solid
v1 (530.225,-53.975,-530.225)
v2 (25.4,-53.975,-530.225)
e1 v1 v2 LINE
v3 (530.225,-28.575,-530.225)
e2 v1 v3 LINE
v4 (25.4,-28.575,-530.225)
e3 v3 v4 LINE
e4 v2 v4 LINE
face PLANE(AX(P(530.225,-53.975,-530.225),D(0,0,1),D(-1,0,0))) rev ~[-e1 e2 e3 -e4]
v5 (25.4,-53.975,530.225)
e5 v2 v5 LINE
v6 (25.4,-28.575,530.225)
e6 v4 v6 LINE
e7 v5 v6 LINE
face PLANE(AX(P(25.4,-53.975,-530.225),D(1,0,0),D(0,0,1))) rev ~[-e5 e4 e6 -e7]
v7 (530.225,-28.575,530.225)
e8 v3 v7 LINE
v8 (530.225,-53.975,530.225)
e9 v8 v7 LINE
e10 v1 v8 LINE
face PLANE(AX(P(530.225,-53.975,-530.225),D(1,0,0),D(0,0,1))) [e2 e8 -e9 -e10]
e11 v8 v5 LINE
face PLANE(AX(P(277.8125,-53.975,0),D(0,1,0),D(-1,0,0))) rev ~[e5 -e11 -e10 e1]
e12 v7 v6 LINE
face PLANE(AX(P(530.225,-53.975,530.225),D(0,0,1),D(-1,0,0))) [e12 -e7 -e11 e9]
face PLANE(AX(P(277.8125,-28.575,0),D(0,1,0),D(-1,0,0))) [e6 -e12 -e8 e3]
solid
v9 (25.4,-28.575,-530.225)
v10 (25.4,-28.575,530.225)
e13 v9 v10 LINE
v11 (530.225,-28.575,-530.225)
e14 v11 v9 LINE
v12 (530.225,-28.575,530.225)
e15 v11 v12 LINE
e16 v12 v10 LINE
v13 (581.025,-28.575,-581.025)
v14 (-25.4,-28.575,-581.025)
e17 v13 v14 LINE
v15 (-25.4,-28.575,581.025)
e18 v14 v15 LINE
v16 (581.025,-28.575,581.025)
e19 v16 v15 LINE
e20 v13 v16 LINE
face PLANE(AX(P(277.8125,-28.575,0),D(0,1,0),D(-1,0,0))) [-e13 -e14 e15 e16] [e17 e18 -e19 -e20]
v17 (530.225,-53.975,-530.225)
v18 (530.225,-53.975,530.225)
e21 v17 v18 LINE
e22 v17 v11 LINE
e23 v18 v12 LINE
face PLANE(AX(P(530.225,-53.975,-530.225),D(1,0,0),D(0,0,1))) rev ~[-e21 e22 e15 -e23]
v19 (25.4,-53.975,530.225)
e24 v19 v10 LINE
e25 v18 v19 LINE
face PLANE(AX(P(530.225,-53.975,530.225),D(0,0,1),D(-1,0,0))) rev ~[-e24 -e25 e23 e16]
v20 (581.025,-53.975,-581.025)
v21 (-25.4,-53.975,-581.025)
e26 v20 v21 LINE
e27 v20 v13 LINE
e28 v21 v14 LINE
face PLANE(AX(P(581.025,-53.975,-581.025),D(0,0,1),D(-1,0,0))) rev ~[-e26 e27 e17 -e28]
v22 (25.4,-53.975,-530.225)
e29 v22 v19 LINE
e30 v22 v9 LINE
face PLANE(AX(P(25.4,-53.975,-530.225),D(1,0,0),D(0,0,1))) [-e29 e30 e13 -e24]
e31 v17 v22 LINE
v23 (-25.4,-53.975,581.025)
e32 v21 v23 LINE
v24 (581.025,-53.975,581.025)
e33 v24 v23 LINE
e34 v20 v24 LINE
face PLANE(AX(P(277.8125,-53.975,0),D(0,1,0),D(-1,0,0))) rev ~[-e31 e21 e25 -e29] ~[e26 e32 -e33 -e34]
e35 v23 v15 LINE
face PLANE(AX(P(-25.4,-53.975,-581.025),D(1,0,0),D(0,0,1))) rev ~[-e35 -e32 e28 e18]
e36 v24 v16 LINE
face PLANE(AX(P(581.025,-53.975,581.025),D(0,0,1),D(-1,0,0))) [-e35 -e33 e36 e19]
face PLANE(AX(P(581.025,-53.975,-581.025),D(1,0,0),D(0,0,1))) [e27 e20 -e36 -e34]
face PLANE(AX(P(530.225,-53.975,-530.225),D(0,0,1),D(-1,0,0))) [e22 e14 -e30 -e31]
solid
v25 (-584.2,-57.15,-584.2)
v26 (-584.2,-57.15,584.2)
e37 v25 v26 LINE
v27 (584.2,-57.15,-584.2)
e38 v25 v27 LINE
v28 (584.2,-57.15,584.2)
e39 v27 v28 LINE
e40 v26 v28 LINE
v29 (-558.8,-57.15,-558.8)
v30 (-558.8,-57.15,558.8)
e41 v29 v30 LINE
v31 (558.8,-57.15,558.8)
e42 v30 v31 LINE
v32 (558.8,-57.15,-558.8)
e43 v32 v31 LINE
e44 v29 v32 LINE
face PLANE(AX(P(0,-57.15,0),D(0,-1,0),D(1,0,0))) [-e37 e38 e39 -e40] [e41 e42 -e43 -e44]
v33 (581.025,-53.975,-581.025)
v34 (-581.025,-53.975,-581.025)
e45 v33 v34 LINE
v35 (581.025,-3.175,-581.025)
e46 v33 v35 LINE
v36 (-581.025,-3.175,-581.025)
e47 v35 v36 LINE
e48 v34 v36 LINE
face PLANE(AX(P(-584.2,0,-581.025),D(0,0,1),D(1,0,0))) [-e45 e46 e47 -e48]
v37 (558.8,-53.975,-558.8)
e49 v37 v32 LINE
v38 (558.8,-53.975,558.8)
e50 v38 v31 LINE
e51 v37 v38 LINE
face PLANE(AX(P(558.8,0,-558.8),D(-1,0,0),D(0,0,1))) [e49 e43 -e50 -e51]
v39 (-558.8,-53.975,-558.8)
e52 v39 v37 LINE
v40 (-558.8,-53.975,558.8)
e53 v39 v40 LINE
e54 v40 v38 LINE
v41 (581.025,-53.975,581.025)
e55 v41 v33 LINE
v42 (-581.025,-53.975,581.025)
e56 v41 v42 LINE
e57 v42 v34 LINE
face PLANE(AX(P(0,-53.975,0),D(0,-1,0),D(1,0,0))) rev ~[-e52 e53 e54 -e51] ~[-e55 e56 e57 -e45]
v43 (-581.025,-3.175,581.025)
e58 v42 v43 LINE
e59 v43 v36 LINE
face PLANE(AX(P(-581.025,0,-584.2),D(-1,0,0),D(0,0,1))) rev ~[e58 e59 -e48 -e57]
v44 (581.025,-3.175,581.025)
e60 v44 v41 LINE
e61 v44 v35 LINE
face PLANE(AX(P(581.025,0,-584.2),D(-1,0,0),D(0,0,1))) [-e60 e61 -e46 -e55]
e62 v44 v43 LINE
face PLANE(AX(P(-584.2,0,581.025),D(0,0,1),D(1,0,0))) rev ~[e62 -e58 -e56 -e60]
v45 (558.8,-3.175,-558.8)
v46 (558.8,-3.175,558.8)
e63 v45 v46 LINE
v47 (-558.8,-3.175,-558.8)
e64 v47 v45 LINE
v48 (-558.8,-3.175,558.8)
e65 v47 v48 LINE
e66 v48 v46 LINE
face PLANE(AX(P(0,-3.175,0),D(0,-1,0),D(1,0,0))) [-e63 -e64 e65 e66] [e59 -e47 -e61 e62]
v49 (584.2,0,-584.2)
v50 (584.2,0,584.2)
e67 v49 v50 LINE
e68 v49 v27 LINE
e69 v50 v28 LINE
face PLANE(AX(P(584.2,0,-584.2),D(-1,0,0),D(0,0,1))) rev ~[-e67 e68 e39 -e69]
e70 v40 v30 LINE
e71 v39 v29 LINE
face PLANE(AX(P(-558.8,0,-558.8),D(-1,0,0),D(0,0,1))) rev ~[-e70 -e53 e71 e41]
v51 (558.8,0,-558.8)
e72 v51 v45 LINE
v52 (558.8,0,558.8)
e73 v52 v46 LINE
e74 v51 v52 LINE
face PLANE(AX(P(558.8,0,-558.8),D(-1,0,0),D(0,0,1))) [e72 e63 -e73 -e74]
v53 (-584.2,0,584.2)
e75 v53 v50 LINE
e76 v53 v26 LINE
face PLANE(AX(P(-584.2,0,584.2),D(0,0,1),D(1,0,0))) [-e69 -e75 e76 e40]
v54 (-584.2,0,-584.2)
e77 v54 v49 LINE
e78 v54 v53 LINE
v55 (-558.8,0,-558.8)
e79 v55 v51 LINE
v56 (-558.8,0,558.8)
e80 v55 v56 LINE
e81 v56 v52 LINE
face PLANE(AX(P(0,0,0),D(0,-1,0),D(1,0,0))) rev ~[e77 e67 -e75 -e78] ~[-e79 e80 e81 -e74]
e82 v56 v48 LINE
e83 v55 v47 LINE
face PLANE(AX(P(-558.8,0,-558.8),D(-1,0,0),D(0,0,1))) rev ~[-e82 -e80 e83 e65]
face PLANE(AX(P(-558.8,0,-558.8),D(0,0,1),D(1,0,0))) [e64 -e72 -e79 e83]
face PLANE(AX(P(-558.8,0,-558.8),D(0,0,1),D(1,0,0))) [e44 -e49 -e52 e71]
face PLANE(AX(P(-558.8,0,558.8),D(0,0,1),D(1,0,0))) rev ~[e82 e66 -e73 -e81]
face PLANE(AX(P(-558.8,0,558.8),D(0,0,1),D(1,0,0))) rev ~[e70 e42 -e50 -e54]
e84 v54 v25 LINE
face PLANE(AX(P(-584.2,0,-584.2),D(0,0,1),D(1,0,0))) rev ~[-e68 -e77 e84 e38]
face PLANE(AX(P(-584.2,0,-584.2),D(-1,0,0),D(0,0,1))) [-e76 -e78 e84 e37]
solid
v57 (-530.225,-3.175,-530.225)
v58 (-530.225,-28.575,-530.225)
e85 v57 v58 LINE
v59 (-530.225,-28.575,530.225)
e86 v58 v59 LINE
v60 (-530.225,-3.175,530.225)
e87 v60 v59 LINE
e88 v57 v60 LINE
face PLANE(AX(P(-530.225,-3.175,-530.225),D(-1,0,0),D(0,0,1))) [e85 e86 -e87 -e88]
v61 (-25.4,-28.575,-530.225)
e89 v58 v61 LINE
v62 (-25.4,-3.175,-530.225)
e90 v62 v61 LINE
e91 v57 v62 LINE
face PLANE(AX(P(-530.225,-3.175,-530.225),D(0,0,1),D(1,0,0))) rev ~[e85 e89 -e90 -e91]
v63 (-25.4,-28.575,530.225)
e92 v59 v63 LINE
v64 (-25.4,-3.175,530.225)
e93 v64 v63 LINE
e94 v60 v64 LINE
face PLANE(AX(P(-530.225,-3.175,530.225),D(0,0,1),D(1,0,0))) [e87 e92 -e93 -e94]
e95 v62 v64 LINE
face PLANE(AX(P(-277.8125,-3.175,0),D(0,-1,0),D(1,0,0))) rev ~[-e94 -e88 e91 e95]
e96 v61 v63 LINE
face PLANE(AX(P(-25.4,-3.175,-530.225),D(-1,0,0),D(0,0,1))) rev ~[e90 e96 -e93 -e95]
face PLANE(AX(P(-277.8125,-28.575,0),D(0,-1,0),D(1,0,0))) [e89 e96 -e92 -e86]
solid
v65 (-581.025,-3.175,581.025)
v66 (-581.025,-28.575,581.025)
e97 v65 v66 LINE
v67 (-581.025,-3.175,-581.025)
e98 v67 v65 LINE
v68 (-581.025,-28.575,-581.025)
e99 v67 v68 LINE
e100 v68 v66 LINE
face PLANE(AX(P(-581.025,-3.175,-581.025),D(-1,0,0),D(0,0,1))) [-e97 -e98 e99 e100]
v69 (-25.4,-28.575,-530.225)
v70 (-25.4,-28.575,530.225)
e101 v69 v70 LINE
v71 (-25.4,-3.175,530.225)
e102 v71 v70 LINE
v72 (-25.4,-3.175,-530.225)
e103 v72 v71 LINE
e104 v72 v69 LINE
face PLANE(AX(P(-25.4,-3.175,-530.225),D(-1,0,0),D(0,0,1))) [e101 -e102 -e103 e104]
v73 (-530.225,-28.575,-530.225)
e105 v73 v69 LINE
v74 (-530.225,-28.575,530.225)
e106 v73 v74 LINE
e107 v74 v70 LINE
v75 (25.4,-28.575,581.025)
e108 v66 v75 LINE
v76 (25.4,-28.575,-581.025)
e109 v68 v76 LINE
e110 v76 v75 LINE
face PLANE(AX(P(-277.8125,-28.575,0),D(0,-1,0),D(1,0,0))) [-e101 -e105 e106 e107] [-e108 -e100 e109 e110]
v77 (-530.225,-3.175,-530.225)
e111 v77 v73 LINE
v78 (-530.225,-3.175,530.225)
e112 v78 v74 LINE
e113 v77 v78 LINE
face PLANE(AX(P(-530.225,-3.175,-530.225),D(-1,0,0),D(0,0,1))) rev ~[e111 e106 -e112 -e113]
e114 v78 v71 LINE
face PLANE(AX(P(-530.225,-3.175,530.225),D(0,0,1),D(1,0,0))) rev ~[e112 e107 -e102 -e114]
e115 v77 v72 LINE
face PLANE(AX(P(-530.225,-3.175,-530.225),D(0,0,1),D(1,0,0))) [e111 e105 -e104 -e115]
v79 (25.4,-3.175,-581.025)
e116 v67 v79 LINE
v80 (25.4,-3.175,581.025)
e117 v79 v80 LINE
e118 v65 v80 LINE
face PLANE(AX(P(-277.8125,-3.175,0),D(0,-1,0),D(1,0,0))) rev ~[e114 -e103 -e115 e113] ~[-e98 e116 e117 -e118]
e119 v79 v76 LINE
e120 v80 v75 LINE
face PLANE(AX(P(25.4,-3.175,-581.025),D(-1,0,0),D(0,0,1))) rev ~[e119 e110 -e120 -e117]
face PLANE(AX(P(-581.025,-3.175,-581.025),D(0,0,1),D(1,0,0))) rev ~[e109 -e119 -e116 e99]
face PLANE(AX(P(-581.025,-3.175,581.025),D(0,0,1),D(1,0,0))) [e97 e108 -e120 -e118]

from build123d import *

# Parameters (mm, degrees)
F0_W     = 1168.4
F0_H     = 1168.4
F0_W_2   = 1117.6
F0_H_2   = 1117.6
F1_DEPTH = 57.15
F2_T     = -3.175
F3_W     = 606.425
F3_H     = 1162.05
F3_W_2   = 504.825
F3_H_2   = 1060.45
F4_DEPTH = 25.4
F5_W     = 606.425
F5_H     = 1162.05
F5_W_2   = 504.825
F5_H_2   = 1060.45
F6_DEPTH = 25.4
F7_DEPTH = 25.4
F8_DEPTH = 25.4


with BuildPart() as f1:
    # F0 (on Front) → F1 (new body)
    with BuildSketch(Plane.XZ):
        Rectangle(F0_W, F0_H)
        Rectangle(F0_W_2, F0_H_2, mode=Mode.SUBTRACT)
    extrude(amount=F1_DEPTH)

    # F2
    f2_openings = [f1.faces().sort_by_distance(p)[0] for p in [
        (558.8, -28.575, 0),
        (0, -28.575, 558.8),
        (-558.8, -28.575, 0),
        (0, -28.575, -558.8),
    ]]
    offset(amount=F2_T, openings=f2_openings)


with BuildPart() as f4:
    # F3 (on face) → F4 (new body)
    with BuildSketch(Plane.XZ.offset(3.175)):
        with Locations((-277.8125, 0)):
            Rectangle(F3_W, F3_H)
        with Locations((-277.8125, 0)):
            Rectangle(F3_W_2, F3_H_2, mode=Mode.SUBTRACT)
    extrude(amount=F4_DEPTH)


with BuildPart() as f6:
    # F5 (on face) → F6 (new body)
    with BuildSketch(Plane(origin=(0, -53.975, 0), x_dir=(-1, 0, 0), z_dir=(0, 1, 0))):
        with Locations((-277.8125, 0)):
            Rectangle(F5_W, F5_H)
        with Locations((-277.8125, 0)):
            Rectangle(F5_W_2, F5_H_2, mode=Mode.SUBTRACT)
    extrude(amount=F6_DEPTH)


with BuildPart() as f7:
    # F3 (on face) → F7 (new body)
    with BuildSketch(Plane.XZ.offset(3.175)):
        with Locations((-277.8125, 0)):
            Rectangle(F3_W_2, F3_H_2)
    extrude(amount=F7_DEPTH)


with BuildPart() as f8:
    # F5 (on face) → F8 (new body)
    with BuildSketch(Plane(origin=(0, -53.975, 0), x_dir=(-1, 0, 0), z_dir=(0, 1, 0))):
        with Locations((-277.8125, 0)):
            Rectangle(F5_W_2, F5_H_2)
    extrude(amount=F8_DEPTH)


solid = Compound([f1.part, f4.part, f6.part, f7.part, f8.part])
